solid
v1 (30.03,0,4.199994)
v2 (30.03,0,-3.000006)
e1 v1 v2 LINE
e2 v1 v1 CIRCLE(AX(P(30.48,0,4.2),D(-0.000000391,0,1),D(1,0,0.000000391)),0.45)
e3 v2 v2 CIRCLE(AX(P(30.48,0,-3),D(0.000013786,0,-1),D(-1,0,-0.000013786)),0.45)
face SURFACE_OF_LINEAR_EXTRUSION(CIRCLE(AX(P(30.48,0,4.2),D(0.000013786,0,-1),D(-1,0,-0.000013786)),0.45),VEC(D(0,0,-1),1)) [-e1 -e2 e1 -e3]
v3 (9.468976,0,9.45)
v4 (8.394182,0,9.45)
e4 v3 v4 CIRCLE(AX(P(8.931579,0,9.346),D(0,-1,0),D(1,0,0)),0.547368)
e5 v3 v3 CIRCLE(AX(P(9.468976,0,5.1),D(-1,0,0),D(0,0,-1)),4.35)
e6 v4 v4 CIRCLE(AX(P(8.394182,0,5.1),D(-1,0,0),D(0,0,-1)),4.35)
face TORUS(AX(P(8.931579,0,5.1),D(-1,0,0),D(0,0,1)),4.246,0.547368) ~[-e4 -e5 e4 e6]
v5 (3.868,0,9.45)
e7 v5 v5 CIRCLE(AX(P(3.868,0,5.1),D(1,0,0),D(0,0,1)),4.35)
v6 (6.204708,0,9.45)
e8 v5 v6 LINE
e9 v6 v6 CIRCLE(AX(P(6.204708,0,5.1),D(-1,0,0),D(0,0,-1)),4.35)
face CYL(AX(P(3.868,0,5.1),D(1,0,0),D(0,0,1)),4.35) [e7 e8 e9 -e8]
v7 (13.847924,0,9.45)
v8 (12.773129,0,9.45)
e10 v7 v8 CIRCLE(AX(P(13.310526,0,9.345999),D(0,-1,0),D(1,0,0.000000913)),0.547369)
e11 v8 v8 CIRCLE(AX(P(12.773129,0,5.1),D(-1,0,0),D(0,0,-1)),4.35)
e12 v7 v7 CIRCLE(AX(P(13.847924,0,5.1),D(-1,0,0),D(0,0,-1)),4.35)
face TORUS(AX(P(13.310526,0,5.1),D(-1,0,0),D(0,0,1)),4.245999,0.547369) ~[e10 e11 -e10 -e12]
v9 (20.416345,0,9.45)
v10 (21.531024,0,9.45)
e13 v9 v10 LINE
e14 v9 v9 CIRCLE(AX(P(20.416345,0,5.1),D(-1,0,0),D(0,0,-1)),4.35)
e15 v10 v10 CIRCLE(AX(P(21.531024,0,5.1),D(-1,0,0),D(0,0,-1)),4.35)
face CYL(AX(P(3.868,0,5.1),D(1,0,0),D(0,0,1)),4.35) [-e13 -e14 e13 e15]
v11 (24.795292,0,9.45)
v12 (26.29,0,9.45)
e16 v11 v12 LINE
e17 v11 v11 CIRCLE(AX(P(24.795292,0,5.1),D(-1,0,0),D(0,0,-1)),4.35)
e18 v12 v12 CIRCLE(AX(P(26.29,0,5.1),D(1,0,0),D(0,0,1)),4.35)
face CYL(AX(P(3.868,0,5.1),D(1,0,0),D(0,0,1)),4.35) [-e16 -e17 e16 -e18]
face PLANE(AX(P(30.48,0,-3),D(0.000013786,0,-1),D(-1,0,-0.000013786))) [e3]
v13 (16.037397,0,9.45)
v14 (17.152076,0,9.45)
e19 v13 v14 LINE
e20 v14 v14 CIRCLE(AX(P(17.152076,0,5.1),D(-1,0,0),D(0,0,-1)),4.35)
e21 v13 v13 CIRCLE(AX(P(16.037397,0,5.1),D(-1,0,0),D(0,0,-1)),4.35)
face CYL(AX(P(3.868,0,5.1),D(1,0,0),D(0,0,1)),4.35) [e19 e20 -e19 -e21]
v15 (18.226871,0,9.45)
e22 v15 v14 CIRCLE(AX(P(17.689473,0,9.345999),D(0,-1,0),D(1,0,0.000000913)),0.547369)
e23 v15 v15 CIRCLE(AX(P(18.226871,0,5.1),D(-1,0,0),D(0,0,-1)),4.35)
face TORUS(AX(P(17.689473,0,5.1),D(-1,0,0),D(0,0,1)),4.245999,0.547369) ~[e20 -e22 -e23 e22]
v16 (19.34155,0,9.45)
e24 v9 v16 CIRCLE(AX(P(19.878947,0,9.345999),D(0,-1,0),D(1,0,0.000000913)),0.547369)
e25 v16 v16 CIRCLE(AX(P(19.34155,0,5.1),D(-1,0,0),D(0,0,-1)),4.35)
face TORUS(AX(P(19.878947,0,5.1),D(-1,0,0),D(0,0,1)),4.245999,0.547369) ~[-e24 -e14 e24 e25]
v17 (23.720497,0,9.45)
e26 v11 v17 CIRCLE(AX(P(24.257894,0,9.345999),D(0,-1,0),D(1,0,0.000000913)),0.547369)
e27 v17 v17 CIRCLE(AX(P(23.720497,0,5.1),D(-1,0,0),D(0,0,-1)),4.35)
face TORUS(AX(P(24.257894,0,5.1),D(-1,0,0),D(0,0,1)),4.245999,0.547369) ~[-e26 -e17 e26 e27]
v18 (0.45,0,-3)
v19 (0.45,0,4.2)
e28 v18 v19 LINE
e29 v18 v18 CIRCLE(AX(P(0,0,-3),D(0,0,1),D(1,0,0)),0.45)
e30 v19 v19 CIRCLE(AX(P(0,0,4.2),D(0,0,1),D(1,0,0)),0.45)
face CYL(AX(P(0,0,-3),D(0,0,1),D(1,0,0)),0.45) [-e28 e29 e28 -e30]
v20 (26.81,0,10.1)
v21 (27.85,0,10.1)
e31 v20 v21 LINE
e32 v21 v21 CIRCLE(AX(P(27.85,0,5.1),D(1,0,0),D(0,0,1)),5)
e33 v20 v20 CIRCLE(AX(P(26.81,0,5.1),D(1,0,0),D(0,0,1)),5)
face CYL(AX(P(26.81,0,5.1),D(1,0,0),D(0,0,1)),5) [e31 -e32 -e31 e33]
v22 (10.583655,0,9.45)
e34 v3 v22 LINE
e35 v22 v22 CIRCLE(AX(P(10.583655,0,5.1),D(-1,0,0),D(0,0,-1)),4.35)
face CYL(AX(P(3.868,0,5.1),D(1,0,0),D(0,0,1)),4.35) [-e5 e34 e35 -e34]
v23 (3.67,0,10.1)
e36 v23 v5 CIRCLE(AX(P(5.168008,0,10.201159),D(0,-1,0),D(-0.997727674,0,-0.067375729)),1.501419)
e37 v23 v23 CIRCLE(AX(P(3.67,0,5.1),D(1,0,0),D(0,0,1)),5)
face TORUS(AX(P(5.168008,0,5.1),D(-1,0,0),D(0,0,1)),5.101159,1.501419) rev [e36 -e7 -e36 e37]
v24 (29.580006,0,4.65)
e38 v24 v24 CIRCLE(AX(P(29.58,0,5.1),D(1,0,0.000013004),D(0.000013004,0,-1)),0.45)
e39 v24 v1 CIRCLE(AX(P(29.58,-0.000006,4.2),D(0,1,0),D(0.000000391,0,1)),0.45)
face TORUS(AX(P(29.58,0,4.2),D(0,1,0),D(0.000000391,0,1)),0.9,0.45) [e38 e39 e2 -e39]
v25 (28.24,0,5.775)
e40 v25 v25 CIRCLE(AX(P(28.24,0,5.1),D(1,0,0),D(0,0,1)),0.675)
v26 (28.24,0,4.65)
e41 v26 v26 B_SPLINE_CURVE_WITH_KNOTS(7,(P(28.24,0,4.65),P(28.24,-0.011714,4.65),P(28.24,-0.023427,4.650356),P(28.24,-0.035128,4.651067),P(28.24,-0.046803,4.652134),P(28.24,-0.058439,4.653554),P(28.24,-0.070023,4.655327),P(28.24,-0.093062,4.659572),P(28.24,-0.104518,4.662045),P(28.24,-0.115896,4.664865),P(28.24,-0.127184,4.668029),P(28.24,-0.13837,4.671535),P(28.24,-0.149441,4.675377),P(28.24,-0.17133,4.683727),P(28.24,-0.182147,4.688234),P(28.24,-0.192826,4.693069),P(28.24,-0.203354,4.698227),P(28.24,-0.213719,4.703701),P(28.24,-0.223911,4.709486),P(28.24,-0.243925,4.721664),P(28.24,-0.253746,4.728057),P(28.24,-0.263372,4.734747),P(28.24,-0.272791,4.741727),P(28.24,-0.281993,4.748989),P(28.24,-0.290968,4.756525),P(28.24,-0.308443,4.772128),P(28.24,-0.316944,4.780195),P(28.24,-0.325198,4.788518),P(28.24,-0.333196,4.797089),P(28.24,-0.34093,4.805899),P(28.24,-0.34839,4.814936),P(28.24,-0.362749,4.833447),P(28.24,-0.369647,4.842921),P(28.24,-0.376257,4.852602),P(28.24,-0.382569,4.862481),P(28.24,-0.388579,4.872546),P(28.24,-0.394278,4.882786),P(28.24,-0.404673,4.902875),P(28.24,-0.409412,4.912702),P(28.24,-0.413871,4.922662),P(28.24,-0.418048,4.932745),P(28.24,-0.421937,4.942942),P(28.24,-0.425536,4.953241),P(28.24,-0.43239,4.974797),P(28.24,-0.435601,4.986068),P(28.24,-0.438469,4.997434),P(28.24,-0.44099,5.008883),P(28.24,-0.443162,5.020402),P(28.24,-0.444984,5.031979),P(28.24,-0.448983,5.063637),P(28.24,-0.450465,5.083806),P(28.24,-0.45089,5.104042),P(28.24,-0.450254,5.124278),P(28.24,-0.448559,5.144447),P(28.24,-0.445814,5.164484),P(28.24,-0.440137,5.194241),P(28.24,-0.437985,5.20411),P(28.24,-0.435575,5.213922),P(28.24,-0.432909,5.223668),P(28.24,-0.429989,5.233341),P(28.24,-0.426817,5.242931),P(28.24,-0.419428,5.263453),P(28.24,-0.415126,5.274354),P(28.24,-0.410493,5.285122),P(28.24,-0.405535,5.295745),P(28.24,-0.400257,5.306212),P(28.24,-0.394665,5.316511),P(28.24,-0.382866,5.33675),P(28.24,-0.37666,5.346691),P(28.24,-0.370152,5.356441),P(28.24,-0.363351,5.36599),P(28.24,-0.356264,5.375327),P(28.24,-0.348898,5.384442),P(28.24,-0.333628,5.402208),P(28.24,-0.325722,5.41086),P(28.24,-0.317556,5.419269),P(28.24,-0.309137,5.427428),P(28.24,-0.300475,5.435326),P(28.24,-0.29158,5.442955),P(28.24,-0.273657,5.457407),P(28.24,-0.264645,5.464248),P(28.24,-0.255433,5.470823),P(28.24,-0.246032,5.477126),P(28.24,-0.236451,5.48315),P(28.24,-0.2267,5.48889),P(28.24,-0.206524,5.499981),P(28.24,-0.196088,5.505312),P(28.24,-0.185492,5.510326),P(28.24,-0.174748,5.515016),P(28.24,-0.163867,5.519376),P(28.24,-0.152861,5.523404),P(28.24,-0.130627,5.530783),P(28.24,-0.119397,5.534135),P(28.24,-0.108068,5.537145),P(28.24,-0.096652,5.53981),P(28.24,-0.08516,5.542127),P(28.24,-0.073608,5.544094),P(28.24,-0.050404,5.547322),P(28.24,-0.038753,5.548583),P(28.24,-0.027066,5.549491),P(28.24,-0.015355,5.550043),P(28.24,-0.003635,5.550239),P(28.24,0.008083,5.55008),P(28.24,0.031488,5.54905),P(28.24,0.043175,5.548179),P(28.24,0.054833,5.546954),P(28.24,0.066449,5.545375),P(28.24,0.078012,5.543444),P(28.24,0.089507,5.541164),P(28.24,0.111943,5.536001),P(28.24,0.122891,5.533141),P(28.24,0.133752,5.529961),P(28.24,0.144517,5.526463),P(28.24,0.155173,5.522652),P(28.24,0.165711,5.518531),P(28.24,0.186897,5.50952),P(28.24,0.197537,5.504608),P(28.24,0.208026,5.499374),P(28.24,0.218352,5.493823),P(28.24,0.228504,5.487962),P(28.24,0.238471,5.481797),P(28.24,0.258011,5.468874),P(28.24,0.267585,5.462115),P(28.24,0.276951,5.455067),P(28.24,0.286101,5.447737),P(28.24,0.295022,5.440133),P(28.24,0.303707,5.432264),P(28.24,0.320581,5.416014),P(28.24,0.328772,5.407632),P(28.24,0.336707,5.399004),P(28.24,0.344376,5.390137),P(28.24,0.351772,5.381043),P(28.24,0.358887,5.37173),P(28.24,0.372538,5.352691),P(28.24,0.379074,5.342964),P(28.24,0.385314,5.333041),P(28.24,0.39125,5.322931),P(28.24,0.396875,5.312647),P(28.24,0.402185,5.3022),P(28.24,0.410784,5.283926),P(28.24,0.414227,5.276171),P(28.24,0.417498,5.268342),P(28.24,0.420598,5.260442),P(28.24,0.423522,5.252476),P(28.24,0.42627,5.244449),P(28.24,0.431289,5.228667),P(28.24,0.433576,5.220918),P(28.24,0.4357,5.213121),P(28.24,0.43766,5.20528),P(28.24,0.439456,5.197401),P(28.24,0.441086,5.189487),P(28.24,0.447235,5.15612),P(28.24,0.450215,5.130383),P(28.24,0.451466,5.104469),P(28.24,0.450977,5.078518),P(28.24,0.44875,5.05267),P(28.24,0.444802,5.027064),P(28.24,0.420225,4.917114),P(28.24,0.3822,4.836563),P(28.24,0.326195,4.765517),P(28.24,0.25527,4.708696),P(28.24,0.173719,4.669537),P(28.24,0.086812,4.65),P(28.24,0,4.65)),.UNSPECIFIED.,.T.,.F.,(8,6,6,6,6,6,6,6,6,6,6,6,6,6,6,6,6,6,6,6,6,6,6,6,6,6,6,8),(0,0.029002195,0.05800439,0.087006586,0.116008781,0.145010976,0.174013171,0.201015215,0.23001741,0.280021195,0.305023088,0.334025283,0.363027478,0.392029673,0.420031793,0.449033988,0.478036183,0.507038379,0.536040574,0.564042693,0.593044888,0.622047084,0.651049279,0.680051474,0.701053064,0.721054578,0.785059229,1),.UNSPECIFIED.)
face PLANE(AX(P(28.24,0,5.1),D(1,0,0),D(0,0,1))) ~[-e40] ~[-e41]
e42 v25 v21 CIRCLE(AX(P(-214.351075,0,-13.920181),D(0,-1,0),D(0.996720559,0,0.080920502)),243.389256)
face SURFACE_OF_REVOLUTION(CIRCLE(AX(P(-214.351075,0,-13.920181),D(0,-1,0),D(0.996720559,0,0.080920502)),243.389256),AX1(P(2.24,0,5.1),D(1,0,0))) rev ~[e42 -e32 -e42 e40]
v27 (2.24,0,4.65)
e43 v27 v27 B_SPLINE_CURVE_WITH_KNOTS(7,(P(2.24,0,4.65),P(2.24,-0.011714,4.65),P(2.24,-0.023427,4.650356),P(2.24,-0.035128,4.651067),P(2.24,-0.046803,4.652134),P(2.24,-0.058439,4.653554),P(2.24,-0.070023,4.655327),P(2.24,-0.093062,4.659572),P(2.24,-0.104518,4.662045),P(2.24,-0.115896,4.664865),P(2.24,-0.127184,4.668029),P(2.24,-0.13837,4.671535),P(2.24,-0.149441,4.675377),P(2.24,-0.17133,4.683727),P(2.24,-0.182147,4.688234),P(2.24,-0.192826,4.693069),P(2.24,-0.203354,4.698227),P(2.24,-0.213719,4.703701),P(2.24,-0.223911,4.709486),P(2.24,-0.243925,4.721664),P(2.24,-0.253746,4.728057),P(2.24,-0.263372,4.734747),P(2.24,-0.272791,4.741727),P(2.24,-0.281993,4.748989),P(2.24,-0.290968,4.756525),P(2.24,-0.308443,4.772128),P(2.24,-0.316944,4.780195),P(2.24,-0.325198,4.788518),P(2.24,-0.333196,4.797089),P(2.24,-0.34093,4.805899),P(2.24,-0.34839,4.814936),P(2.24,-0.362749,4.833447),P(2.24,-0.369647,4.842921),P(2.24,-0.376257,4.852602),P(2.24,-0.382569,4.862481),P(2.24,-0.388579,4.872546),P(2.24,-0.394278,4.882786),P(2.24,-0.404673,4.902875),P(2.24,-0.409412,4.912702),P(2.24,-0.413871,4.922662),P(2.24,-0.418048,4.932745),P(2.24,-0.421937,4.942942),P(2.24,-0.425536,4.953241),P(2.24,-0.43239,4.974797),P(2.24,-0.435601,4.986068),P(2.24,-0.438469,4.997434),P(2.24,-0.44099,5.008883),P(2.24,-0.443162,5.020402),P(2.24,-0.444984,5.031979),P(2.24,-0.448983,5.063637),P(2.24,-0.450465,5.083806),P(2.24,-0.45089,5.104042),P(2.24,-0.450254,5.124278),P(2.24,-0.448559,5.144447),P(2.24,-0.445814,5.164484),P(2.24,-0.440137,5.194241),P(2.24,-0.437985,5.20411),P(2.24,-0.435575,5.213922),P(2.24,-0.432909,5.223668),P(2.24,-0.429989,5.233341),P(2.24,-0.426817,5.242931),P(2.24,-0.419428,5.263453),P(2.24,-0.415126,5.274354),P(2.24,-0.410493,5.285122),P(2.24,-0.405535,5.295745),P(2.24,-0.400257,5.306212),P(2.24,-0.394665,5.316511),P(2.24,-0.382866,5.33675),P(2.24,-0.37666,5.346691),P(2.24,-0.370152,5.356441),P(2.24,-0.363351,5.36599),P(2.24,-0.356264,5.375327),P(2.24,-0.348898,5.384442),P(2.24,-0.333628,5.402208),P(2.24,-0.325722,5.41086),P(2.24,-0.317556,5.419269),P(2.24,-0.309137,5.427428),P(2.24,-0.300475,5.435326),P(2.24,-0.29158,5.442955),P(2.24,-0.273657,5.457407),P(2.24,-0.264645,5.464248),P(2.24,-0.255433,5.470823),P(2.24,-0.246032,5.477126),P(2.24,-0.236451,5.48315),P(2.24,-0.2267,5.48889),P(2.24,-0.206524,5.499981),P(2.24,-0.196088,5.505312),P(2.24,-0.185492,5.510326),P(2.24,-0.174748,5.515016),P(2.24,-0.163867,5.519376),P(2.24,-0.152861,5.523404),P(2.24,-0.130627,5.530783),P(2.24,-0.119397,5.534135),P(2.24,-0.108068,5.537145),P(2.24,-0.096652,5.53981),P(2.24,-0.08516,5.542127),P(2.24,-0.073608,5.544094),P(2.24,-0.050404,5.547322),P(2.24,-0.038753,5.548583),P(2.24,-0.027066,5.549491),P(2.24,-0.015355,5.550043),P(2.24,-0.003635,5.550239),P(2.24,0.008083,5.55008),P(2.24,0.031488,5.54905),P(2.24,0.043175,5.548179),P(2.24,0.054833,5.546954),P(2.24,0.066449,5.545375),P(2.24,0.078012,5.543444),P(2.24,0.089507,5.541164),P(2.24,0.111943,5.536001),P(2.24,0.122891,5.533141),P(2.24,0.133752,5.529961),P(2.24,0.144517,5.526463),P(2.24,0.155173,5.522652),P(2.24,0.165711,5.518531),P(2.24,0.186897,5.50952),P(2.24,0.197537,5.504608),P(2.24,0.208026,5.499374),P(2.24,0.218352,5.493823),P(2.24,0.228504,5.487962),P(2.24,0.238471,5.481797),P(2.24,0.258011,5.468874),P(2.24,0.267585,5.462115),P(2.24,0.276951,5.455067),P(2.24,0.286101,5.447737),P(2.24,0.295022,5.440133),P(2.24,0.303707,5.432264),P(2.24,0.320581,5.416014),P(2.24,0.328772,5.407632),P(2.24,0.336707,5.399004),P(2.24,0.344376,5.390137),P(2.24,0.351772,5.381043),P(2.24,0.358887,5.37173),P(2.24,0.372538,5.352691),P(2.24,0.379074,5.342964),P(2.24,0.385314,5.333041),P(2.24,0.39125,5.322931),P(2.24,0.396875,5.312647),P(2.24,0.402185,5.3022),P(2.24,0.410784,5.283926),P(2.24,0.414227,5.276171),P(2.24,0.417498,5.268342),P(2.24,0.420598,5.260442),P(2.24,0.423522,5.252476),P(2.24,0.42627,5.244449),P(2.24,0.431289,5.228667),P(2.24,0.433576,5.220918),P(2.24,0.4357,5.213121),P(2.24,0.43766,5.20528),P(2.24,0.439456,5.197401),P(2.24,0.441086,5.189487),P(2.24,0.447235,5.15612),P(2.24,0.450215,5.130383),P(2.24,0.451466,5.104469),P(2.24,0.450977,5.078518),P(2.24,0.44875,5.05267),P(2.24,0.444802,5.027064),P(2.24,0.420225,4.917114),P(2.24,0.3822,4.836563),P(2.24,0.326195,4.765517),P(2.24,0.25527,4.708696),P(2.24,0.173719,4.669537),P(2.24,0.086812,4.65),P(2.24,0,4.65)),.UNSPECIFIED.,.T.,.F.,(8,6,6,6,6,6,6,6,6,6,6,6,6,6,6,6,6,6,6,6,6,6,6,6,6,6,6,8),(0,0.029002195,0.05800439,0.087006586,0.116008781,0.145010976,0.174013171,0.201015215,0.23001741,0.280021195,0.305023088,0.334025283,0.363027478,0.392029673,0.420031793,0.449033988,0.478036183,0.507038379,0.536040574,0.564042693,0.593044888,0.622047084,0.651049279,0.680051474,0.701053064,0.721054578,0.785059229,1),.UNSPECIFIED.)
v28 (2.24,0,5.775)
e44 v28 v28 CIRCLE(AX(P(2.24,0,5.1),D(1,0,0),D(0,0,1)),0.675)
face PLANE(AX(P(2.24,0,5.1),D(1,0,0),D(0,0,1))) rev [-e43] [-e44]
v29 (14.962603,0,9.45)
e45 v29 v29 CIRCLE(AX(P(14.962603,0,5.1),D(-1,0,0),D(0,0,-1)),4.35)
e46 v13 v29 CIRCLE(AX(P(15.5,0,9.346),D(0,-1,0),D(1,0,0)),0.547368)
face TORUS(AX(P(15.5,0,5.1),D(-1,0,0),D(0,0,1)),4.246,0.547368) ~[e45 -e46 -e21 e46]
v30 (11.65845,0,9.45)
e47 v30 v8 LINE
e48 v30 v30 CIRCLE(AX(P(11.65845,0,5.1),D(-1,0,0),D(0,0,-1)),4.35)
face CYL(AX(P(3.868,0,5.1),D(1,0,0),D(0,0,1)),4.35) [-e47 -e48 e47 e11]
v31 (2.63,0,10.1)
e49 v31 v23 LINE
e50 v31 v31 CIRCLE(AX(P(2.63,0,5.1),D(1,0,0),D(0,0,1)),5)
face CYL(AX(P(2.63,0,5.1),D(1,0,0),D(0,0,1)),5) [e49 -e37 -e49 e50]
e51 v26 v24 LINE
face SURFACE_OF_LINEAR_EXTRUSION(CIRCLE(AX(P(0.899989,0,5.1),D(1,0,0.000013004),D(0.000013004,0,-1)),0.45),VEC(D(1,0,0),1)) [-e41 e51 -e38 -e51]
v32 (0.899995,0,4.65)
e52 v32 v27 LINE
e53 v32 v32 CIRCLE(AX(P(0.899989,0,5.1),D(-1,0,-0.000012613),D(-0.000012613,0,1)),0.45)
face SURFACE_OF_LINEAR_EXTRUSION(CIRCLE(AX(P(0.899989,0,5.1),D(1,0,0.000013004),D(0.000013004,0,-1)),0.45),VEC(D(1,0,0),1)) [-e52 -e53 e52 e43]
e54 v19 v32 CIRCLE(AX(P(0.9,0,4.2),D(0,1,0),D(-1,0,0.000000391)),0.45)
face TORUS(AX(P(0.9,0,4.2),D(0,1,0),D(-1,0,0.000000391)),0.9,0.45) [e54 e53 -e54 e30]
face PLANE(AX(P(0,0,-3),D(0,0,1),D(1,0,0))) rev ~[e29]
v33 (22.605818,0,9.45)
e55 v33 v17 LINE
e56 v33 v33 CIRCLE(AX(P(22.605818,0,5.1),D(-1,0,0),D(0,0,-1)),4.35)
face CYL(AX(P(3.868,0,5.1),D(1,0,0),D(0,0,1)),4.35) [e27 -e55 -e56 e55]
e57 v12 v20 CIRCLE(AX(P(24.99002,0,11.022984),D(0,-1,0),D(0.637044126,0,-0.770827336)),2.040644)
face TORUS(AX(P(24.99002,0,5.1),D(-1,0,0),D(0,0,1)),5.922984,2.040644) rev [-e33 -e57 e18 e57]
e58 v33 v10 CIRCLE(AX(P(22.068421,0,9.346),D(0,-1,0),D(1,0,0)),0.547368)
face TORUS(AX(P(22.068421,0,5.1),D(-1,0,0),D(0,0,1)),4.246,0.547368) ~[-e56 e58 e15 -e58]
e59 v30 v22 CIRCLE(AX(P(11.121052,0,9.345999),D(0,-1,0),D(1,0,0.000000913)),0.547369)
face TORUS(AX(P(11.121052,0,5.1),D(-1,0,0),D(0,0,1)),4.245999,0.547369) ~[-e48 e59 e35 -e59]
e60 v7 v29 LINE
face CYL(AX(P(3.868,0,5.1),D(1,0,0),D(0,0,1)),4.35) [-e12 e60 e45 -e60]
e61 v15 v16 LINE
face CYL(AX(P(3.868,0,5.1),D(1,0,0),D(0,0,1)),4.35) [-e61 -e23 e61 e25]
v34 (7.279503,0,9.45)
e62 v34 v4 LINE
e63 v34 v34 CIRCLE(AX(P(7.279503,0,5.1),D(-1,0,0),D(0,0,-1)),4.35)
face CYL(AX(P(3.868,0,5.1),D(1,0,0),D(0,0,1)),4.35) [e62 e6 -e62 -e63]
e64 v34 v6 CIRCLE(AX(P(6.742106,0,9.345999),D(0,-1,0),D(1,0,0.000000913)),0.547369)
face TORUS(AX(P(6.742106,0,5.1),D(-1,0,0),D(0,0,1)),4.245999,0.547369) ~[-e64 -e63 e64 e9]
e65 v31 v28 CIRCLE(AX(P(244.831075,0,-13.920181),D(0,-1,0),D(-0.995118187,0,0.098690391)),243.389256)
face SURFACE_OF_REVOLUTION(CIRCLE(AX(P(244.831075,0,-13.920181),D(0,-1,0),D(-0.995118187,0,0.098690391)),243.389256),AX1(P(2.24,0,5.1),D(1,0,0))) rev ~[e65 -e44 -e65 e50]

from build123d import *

# Parameters (mm, degrees)
SKETCH_R = 0.45


with BuildPart() as sweep_body:
    # Sweep: sweep along a path in Sketch001
    with BuildLine(Plane.XZ) as sweep_path:
        Line((0, -3), (0, 4.2))
        ThreePointArc((0, 4.2), (0.2636, 4.836392), (0.899989, 5.1))
        Line((0.899989, 5.1), (29.58, 5.1))
        ThreePointArc((29.58, 5.1), (30.216396, 4.836396), (30.48, 4.2))
        Line((30.48, 4.2), (30.48, -3))
    # Sketch → Sweep (sweep)
    with BuildSketch(Plane.XY.offset(-2)):
        Circle(SKETCH_R)
    sweep(path=sweep_path.line)


with BuildPart() as revolution:
    # Sketch002 → Revolution (revolve)
    with BuildSketch(Plane.XZ):
        with BuildLine():
            Line((2.63, 10.1), (3.67, 10.1))
            ThreePointArc((3.67, 10.1), (3.731746, 9.763652), (3.868, 9.45))
            Line((3.868, 9.45), (26.29, 9.45))
            ThreePointArc((26.29, 9.45), (26.583495, 9.748204), (26.81, 10.1))
            Line((26.81, 10.1), (27.85, 10.1))
            ThreePointArc((28.24, 5.775), (28.054646, 7.93837), (27.85, 10.1))
            Line((28.24, 5.1), (28.24, 5.775))
            Line((2.24, 5.1), (28.24, 5.1))
            Line((2.24, 5.1), (2.24, 5.775))
            ThreePointArc((2.63, 10.1), (2.425354, 7.93837), (2.24, 5.775))
        make_face()
    revolve(axis=Axis((2.24, 0, 5.1), (1, 0, 0)))


with BuildPart() as revolution001_mp_cp:
    # Sketch003 → Revolution001 (revolve)
    with BuildSketch(Plane.XZ):
        with BuildLine():
            ThreePointArc((7.289474, 9.346), (6.742105, 9.893368), (6.194737, 9.346))
            Line((5.1, 9.346), (6.194737, 9.346))
            Line((5.1, 9.346), (5.1, 8.346))
            Line((5.1, 8.346), (25.9, 8.346))
            Line((25.9, 8.346), (25.9, 9.346))
            Line((24.805263, 9.346), (25.9, 9.346))
            ThreePointArc((24.805263, 9.346), (24.257895, 9.893368), (23.710526, 9.346))
            Line((22.615789, 9.346), (23.710526, 9.346))
            ThreePointArc((22.615789, 9.346), (22.068421, 9.893368), (21.521053, 9.346))
            Line((20.426316, 9.346), (21.521053, 9.346))
            ThreePointArc((20.426316, 9.346), (19.878947, 9.893368), (19.331579, 9.346))
            Line((18.236842, 9.346), (19.331579, 9.346))
            ThreePointArc((18.236842, 9.346), (17.689474, 9.893368), (17.142105, 9.346))
            Line((16.047368, 9.346), (17.142105, 9.346))
            ThreePointArc((16.047368, 9.346), (15.5, 9.893368), (14.952632, 9.346))
            Line((13.857895, 9.346), (14.952632, 9.346))
            ThreePointArc((13.857895, 9.346), (13.310526, 9.893368), (12.763158, 9.346))
            Line((11.668421, 9.346), (12.763158, 9.346))
            ThreePointArc((11.668421, 9.346), (11.121053, 9.893368), (10.573684, 9.346))
            Line((9.478947, 9.346), (10.573684, 9.346))
            ThreePointArc((9.478947, 9.346), (8.931579, 9.893368), (8.384211, 9.346))
            Line((7.289474, 9.346), (8.384211, 9.346))
        make_face()
    revolve(axis=Axis((2.89, 0, 5.1), (1, 0, 0)))

    # Revolution001_mp_cp: union Sweep body, Revolution
    add(sweep_body.part)
    add(revolution.part)


solid = revolution001_mp_cp.part
